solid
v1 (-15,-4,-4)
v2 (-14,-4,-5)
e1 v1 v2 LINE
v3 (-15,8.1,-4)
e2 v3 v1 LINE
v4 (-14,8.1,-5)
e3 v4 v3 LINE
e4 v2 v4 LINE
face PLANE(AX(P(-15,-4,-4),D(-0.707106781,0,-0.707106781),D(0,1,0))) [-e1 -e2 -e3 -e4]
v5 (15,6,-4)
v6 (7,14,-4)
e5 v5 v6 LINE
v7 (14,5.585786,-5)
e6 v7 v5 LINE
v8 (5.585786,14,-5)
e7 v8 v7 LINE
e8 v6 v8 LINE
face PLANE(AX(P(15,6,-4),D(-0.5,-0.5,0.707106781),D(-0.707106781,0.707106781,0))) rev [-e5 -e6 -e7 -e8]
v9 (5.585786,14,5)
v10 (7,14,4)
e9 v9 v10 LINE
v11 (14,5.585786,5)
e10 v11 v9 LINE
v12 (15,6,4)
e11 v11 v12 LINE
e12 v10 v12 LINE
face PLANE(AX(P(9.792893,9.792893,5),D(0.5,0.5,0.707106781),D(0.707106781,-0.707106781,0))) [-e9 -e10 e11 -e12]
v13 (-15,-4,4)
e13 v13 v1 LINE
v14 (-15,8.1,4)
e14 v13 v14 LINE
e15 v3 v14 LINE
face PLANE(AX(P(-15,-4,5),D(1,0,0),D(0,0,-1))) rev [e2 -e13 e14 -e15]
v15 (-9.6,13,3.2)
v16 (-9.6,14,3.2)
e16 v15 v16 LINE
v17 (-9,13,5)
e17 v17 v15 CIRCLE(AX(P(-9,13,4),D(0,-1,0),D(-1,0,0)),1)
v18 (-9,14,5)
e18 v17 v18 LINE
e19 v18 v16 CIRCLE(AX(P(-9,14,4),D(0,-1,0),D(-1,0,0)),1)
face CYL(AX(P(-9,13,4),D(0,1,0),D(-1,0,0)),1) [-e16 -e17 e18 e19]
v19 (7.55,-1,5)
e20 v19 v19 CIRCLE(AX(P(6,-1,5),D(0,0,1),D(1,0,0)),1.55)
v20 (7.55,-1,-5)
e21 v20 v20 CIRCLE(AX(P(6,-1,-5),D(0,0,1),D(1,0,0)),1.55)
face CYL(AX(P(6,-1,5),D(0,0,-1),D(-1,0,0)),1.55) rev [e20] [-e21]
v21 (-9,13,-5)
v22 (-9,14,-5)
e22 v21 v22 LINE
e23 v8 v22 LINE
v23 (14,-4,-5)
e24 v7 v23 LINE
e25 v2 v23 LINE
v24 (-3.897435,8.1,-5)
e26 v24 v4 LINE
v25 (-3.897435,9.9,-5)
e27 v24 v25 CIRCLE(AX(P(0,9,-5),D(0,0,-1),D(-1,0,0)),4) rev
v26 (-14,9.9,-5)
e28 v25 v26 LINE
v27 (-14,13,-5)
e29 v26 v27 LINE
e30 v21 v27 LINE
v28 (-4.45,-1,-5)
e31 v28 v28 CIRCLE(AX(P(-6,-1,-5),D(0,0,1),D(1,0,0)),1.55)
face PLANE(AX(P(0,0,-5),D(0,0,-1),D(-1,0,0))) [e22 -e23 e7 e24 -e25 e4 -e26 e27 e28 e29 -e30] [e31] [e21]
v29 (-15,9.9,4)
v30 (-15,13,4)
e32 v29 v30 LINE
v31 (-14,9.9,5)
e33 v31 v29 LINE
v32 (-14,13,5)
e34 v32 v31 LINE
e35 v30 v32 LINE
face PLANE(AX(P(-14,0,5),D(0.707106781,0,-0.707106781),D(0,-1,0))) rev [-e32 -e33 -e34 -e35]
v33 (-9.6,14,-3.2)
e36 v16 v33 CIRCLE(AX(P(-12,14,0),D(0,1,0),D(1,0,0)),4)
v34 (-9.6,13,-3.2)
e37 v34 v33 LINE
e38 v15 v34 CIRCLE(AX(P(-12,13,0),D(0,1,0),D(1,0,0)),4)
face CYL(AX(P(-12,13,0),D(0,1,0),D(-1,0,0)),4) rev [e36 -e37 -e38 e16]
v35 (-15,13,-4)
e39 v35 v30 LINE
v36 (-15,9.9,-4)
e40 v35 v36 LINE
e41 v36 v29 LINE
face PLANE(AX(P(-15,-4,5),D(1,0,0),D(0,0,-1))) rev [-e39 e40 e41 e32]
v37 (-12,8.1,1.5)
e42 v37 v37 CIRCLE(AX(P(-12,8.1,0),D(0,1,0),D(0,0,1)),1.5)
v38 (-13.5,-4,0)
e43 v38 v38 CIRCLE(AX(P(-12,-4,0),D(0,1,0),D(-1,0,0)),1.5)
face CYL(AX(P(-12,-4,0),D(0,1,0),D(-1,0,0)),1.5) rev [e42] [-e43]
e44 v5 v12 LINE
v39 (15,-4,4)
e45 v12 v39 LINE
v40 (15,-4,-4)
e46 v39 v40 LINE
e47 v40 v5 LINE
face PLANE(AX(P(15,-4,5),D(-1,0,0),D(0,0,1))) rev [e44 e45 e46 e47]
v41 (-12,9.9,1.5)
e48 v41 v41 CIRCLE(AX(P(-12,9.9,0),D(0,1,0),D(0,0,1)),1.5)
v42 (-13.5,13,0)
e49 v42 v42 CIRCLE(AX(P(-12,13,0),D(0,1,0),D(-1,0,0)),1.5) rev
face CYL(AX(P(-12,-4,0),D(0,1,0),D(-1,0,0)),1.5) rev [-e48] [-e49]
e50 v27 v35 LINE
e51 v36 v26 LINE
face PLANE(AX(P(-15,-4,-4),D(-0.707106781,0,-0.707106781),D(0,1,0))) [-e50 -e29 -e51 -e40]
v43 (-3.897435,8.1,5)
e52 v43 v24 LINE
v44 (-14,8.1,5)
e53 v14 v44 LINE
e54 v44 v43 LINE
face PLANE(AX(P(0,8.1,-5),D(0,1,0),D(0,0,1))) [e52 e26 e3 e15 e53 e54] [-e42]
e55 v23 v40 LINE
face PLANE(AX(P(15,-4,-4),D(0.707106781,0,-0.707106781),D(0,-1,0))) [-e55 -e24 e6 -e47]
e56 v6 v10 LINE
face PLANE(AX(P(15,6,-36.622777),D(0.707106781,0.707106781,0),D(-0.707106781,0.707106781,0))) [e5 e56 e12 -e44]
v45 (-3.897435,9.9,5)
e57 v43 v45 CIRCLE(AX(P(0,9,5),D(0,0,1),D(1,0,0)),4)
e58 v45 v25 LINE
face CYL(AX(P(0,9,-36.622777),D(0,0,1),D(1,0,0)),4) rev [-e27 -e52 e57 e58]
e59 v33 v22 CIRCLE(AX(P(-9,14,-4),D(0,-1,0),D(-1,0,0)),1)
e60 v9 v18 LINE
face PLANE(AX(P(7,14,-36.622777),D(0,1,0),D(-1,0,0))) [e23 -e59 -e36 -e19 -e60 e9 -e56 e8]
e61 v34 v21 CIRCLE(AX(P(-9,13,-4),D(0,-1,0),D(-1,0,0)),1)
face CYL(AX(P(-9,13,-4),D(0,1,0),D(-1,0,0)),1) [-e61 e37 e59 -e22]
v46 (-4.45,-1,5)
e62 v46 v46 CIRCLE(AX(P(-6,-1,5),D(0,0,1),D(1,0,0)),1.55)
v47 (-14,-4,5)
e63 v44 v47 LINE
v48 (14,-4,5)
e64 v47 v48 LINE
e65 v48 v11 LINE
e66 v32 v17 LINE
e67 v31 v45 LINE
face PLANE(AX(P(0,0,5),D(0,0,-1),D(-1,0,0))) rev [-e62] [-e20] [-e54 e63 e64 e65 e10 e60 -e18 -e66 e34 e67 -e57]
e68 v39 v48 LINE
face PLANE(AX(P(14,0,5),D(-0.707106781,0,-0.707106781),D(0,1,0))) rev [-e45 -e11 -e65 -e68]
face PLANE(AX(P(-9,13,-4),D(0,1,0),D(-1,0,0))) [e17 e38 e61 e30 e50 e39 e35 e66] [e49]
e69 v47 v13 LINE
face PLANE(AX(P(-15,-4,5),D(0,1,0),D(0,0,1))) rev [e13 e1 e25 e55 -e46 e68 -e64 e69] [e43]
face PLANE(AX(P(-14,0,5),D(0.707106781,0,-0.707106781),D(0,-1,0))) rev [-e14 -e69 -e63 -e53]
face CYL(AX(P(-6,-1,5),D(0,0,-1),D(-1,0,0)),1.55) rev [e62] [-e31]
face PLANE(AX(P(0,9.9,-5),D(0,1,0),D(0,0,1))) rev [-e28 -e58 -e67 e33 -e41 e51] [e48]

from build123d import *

# Parameters (mm, degrees)
SKETCH3_W                    = 30
SKETCH3_H                    = 8
SKETCH3_R                    = 1.55
BOSS_EXTRUDE1_DEPTH          = 5
SKETCH6_R                    = 4
BOSS_EXTRUDE2_DEPTH          = 10
SKETCH8_W                    = 15
SKETCH8_H                    = 1.8
CUT_EXTRUDE_THIN1_DEPTH      = 1
CUT_EXTRUDE_THIN1_DEPTH_BACK = 11
SKETCH9_R                    = 1.5
CUT_EXTRUDE1_DEPTH           = 19
CUT_EXTRUDE2_DEPTH           = 1
CHAMFER2_SIZE                = 1


with BuildPart() as part:
    # Sketch3 → Boss-Extrude1 (new body, symmetric)
    with BuildSketch(Plane.XY):
        Rectangle(SKETCH3_W, SKETCH3_H)
        with Locations((-6, -1)):
            Circle(SKETCH3_R, mode=Mode.SUBTRACT)
        with Locations((6, -1)):
            Circle(SKETCH3_R, mode=Mode.SUBTRACT)
    extrude(amount=BOSS_EXTRUDE1_DEPTH, both=True)

    # Sketch6 → Boss-Extrude2 (add)
    with BuildSketch(Plane.XY.offset(5)):
        Polygon((-15, 4), (15, 4), (15, 6), (7, 14), (-15, 14), align=None)
        with Locations((0, 9)):
            Circle(SKETCH6_R, mode=Mode.SUBTRACT)
    extrude(amount=-BOSS_EXTRUDE2_DEPTH)

    # Sketch8 → Cut-Extrude-Thin1 (cut, two sides)
    with BuildSketch(Plane.XY.offset(5)) as cut_extrude_thin1_sk:
        with Locations((-7.5, 9)):
            Rectangle(SKETCH8_W, SKETCH8_H)
    extrude(amount=CUT_EXTRUDE_THIN1_DEPTH, mode=Mode.SUBTRACT)
    extrude(cut_extrude_thin1_sk.sketch, amount=-CUT_EXTRUDE_THIN1_DEPTH_BACK, mode=Mode.SUBTRACT)

    # Sketch9 → Cut-Extrude1 (cut, through all)
    with BuildSketch(Plane(origin=(0, 14, 0), x_dir=(1, 0, 0), z_dir=(0, 1, 0))):
        with Locations((-12, 0)):
            Circle(SKETCH9_R)
    extrude(amount=-CUT_EXTRUDE1_DEPTH, mode=Mode.SUBTRACT)

    # Sketch10 → Cut-Extrude2 (cut)
    with BuildSketch(Plane(origin=(0, 14, 0), x_dir=(1, 0, 0), z_dir=(0, 1, 0))):
        with BuildLine():
            Line((-9, 5), (-15, 5))
            Line((-15, 5), (-15, -5))
            Line((-15, -5), (-9, -5))
            ThreePointArc((-9, -5), (-9.948683298, -4.316227766), (-9.6, -3.2))
            ThreePointArc((-9.6, -3.2), (-8, 0), (-9.6, 3.2))
            ThreePointArc((-9.6, 3.2), (-9.948683298, 4.316227766), (-9, 5))
        make_face()
    extrude(amount=-CUT_EXTRUDE2_DEPTH, mode=Mode.SUBTRACT)

    # Chamfer2
    chamfer2_edges = [part.edges().sort_by_distance(p)[0] for p in [
        (11, 10, -5),
        (11, 10, 5),
        (-15, 2.05, -5),
        (-15, 2.05, 5),
        (15, 1, 5),
        (15, 1, -5),
        (-15, 11.45, -5),
        (-15, 11.45, 5),
    ]]
    chamfer(chamfer2_edges, length=CHAMFER2_SIZE)


solid = part.part
